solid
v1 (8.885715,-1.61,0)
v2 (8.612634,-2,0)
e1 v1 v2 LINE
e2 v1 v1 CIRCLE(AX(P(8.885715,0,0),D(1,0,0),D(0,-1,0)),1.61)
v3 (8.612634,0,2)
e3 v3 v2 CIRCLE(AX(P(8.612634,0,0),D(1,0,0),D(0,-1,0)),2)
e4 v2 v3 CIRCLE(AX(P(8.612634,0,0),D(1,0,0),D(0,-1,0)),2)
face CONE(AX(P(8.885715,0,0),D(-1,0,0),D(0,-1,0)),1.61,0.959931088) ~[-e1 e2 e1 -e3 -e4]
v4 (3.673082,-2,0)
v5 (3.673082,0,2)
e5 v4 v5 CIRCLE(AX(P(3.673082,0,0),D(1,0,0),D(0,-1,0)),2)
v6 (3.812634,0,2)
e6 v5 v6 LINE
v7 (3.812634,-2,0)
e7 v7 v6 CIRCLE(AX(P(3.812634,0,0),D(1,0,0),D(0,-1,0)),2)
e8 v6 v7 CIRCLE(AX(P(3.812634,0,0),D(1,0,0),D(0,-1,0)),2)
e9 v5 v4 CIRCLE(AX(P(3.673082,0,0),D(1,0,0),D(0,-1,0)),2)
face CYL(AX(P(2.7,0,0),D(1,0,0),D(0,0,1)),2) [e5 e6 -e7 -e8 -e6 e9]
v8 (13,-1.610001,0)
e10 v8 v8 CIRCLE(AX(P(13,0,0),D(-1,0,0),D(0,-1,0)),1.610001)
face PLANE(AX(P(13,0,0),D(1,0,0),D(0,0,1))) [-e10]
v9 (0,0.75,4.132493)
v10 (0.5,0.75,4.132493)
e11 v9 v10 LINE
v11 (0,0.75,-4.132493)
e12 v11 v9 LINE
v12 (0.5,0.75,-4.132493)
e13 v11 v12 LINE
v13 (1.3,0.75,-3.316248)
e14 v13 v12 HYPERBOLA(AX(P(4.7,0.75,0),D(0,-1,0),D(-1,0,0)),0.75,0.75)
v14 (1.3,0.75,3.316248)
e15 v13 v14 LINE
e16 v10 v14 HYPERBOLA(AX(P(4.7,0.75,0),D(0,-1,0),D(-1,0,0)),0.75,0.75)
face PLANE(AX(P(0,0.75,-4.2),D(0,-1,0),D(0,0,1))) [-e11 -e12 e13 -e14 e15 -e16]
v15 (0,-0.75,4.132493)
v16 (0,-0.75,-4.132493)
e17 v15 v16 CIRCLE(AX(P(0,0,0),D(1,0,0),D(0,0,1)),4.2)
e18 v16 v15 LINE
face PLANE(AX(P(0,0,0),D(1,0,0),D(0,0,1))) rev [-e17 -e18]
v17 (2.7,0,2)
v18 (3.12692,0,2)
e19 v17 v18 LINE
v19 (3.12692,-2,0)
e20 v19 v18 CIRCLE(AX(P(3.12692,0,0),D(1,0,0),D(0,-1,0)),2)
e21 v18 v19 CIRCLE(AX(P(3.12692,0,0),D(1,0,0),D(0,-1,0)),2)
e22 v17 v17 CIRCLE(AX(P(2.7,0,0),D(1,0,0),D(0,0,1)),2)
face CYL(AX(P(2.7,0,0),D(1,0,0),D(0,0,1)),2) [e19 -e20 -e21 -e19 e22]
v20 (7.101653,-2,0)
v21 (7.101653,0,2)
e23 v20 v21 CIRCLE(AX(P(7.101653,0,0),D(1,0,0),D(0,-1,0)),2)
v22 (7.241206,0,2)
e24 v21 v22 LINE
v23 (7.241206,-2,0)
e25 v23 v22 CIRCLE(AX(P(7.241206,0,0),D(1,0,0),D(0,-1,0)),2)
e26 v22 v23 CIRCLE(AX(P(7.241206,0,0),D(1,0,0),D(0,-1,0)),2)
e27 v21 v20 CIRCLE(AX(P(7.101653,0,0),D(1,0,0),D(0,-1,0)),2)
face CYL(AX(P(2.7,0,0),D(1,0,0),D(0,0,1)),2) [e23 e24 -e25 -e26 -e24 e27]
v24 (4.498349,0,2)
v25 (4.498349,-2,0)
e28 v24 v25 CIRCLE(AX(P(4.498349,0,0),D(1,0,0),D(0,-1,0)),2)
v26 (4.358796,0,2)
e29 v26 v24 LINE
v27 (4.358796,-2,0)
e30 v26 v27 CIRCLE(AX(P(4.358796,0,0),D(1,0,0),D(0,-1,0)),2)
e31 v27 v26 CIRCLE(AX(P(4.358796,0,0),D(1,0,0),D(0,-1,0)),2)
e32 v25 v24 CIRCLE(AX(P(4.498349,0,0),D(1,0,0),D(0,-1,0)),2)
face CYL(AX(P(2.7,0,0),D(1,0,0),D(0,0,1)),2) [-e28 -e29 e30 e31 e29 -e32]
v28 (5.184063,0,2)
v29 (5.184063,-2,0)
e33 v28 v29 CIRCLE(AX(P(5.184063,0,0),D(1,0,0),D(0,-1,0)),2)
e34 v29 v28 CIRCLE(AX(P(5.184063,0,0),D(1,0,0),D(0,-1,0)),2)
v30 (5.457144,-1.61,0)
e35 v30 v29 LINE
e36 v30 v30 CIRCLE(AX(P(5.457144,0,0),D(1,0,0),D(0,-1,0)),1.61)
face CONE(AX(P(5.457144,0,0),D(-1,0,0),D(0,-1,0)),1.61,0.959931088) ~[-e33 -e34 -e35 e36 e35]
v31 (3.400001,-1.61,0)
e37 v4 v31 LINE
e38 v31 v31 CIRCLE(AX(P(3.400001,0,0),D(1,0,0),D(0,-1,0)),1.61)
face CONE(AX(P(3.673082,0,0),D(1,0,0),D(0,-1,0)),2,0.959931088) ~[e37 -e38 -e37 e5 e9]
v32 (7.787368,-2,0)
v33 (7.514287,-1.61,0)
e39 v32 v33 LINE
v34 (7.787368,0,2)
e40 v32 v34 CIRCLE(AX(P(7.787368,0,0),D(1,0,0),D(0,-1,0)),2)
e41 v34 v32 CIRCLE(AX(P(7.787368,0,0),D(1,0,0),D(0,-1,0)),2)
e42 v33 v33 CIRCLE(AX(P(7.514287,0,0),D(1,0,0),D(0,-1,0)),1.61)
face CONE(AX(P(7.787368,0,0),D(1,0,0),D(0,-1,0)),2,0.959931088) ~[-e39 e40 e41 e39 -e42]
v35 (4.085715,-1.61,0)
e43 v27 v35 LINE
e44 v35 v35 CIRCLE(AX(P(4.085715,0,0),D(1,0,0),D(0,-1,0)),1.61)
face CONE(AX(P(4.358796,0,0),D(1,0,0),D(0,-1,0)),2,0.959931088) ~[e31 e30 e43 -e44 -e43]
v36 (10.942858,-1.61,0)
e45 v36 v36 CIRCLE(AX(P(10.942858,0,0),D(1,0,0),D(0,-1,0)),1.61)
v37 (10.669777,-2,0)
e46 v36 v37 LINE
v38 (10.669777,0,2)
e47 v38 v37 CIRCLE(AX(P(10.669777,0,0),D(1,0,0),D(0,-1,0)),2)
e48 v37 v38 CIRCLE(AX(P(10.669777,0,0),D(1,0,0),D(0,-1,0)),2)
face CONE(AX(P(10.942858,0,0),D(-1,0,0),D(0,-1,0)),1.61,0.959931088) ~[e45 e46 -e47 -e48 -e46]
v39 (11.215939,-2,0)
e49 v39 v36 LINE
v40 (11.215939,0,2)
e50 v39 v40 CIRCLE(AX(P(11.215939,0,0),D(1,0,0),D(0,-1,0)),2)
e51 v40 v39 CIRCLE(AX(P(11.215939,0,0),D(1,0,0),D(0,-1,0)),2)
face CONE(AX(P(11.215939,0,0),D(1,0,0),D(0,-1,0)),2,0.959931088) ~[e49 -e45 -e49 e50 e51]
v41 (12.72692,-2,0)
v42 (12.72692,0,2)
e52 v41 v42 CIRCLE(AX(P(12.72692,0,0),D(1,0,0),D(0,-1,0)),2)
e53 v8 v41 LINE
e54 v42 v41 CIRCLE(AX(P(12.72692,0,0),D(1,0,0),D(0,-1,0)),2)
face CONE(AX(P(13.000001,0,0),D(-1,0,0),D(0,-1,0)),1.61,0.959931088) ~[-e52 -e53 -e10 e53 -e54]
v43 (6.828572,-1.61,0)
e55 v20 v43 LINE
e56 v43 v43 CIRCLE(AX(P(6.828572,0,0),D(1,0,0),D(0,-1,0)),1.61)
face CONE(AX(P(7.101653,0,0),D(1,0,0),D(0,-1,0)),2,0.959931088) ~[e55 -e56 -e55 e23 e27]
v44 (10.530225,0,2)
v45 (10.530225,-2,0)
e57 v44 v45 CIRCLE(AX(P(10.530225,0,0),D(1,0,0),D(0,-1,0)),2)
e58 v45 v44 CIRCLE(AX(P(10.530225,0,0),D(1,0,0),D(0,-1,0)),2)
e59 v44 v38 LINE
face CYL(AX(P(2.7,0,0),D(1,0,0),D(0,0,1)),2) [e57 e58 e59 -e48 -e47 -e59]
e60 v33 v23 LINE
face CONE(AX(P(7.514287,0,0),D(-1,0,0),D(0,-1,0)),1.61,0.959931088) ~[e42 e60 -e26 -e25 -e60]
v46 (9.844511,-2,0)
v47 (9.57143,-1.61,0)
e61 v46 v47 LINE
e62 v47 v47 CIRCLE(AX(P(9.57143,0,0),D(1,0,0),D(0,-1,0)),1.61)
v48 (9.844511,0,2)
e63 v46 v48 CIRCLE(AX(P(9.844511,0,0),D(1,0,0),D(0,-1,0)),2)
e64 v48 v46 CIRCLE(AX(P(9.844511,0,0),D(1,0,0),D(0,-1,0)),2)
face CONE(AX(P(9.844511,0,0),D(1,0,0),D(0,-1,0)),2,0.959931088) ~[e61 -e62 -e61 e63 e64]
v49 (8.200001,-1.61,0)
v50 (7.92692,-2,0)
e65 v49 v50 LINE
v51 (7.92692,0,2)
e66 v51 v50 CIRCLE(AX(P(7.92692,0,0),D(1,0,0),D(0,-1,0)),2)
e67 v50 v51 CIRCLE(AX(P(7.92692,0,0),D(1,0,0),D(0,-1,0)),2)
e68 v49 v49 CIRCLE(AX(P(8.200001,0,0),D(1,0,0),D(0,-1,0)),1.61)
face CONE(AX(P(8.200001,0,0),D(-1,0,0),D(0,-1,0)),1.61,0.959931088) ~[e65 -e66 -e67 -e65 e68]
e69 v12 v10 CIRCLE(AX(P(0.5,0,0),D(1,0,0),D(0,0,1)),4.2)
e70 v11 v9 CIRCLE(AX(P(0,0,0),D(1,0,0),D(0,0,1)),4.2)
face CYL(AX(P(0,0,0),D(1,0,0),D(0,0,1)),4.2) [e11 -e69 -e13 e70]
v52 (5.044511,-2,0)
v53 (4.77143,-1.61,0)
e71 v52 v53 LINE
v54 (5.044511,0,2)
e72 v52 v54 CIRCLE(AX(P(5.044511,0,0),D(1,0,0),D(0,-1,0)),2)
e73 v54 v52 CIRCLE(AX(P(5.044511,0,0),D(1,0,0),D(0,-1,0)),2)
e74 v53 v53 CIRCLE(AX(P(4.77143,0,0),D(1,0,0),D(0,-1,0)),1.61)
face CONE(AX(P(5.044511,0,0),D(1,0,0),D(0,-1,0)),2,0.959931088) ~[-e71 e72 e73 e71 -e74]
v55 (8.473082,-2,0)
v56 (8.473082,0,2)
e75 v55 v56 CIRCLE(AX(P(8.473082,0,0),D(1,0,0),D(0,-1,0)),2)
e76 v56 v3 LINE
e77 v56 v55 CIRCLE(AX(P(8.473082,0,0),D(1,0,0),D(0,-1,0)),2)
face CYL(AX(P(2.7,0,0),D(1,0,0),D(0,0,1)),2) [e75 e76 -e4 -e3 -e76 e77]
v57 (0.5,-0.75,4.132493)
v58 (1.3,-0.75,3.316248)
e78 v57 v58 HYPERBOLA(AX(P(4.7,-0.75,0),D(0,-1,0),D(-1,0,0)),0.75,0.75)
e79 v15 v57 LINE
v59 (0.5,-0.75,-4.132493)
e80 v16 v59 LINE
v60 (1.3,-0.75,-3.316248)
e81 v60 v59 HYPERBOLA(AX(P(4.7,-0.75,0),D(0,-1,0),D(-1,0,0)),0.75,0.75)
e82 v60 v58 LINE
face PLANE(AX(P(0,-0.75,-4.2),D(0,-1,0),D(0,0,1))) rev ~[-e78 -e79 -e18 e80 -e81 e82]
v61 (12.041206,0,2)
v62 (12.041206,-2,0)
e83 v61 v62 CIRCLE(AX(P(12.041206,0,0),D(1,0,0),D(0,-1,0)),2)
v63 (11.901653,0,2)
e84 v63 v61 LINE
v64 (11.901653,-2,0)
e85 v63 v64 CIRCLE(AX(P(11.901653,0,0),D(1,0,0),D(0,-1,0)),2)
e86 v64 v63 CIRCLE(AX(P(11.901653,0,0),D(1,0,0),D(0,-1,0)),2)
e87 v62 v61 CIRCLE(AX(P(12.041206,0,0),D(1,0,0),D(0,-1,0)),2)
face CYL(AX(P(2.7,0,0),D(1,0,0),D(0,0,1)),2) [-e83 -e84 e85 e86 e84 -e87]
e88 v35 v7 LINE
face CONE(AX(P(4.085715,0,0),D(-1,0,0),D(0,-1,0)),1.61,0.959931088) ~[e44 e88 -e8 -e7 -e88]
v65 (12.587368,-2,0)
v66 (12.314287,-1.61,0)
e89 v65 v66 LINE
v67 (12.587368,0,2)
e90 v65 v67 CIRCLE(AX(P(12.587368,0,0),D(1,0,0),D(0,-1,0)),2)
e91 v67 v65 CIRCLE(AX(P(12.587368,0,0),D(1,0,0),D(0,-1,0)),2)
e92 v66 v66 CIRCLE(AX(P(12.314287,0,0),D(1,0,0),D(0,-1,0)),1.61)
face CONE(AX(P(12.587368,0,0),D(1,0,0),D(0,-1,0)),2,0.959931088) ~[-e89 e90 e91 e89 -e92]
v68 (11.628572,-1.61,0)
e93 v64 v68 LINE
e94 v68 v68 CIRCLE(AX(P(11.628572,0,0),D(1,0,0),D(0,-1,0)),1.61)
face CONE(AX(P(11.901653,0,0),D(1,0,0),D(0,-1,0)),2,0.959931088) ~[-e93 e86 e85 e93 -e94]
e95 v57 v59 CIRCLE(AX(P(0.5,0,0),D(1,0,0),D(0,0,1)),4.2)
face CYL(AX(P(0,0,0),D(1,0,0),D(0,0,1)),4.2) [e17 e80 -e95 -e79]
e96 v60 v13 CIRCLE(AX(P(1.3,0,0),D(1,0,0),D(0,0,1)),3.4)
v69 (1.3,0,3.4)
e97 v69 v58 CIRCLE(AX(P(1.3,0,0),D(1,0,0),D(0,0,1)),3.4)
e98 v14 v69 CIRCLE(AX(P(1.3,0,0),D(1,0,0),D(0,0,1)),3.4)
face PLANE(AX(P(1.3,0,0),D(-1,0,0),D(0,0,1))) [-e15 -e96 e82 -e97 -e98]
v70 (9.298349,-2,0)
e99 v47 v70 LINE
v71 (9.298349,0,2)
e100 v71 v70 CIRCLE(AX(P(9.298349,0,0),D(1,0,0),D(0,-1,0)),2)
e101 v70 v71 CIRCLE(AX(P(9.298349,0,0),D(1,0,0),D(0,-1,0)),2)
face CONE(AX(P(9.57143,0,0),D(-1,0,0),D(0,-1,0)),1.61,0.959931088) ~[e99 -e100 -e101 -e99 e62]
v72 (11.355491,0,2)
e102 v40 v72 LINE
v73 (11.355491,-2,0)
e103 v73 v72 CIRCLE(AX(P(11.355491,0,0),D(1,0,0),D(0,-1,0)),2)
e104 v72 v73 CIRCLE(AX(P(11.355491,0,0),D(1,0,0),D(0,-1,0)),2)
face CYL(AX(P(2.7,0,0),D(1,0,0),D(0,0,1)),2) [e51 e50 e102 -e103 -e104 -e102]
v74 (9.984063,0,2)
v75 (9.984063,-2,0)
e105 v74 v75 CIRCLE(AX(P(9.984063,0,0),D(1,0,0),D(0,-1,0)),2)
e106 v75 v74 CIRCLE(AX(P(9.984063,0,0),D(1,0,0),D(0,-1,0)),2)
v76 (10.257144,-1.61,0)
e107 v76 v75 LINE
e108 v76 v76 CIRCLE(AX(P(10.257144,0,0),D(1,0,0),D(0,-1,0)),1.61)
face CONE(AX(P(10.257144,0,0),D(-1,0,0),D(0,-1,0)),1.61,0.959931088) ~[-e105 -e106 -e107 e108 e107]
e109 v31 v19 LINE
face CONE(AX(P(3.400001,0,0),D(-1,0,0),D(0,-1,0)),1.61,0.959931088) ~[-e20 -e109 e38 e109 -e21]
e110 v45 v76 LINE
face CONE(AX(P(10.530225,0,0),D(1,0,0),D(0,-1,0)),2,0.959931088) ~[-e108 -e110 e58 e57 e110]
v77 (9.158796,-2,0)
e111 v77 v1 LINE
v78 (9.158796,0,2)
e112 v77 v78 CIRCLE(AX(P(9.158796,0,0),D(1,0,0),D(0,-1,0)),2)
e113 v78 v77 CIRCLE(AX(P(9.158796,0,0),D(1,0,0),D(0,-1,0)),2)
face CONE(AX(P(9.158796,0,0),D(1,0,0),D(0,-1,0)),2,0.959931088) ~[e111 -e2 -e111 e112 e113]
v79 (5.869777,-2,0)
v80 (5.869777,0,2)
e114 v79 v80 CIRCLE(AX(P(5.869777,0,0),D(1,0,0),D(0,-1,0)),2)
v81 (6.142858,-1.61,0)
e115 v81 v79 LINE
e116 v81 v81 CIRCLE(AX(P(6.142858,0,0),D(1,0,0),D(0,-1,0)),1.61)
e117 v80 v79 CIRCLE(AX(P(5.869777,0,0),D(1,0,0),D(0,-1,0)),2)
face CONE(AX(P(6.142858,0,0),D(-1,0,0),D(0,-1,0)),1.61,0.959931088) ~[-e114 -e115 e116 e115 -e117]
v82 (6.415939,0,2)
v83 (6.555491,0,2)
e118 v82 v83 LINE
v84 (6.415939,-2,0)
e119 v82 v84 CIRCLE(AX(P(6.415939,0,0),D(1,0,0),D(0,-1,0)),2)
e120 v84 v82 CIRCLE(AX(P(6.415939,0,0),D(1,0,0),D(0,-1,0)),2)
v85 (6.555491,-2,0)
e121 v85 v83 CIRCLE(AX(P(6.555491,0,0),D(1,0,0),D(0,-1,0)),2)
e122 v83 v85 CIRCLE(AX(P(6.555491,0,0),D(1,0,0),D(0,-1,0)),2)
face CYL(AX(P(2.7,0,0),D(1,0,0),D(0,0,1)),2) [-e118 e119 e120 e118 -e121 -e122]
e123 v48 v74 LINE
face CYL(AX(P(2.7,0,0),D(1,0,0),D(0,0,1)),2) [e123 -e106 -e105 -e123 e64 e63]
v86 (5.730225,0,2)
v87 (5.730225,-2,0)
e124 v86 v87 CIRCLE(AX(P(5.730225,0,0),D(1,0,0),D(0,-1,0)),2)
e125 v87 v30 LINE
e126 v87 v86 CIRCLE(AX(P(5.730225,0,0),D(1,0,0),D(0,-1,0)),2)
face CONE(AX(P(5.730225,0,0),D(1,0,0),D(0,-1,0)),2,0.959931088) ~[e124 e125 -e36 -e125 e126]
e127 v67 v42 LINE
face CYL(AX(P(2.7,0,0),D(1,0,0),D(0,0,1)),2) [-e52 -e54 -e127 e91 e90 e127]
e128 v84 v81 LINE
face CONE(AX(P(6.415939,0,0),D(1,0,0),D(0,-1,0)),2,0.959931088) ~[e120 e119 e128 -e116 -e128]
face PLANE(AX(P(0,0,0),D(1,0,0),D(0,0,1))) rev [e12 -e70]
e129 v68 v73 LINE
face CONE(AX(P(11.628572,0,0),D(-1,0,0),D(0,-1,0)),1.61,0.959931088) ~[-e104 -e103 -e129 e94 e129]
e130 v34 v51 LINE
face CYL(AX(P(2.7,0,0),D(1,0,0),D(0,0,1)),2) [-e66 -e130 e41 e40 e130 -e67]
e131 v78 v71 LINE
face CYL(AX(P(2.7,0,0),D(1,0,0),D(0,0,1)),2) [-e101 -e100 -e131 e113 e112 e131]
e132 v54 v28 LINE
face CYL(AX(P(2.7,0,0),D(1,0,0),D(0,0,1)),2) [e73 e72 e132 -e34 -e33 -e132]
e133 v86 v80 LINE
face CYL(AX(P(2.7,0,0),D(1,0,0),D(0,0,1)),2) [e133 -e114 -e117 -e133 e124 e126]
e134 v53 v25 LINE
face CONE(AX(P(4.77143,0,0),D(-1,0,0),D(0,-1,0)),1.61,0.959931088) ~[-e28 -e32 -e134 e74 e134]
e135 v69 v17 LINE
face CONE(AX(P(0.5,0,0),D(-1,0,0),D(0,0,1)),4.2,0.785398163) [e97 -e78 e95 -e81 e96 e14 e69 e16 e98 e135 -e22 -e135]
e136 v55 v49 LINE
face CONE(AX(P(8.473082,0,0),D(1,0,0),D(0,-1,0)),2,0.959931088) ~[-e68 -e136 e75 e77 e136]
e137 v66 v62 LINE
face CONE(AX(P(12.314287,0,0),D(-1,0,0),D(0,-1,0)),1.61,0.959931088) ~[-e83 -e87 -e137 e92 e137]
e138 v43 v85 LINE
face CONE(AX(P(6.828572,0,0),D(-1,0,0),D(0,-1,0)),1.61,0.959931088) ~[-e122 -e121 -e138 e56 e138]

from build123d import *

# Parameters (mm, degrees)
SKETCH2_W       = 8.4
SKETCH2_H       = 1.5
SLOT_DEPTH      = 1.3
THDSCHPAT_COUNT = 15
THDSCHPAT_PITCH = 0.685714286


with BuildPart() as part:
    # BodySke → Base-Revolve (revolve)
    with BuildSketch(Plane.XY, mode=Mode.PRIVATE) as base_revolve_sk:
        Polygon((0, 0), (0, 4.2), (0.5, 4.2), (2.7, 2), (13, 2), (13, 0), align=None)
    revolve(base_revolve_sk.sketch.rotate(Axis((-6.35, 0, 0), (1, 0, 0)), 90), axis=Axis((-6.35, 0, 0), (1, 0, 0)))

    # Sketch2 → Slot (cut)
    with BuildSketch(Plane.ZY):
        Rectangle(SKETCH2_W, SKETCH2_H)
    extrude(amount=-SLOT_DEPTH, mode=Mode.SUBTRACT)

    # ThdSchSke → ThreadSchematic (revolve, cut)
    with BuildSketch(Plane.XY):
        Polygon((3.400001, -1.61), (3.12692006, -2), (3.12692006, -2.5), (3.67308194, -2.5), (3.67308194, -2), align=None)
    threadschematic = revolve(axis=Axis((-3.175, 0, 0), (1, 0, 0)), mode=Mode.SUBTRACT)

    # ThdSchPat: ThreadSchematic ×15
    with Locations(*[(i * THDSCHPAT_PITCH, 0, 0) for i in range(1, THDSCHPAT_COUNT)]):
        add(threadschematic, mode=Mode.SUBTRACT)


solid = part.part
